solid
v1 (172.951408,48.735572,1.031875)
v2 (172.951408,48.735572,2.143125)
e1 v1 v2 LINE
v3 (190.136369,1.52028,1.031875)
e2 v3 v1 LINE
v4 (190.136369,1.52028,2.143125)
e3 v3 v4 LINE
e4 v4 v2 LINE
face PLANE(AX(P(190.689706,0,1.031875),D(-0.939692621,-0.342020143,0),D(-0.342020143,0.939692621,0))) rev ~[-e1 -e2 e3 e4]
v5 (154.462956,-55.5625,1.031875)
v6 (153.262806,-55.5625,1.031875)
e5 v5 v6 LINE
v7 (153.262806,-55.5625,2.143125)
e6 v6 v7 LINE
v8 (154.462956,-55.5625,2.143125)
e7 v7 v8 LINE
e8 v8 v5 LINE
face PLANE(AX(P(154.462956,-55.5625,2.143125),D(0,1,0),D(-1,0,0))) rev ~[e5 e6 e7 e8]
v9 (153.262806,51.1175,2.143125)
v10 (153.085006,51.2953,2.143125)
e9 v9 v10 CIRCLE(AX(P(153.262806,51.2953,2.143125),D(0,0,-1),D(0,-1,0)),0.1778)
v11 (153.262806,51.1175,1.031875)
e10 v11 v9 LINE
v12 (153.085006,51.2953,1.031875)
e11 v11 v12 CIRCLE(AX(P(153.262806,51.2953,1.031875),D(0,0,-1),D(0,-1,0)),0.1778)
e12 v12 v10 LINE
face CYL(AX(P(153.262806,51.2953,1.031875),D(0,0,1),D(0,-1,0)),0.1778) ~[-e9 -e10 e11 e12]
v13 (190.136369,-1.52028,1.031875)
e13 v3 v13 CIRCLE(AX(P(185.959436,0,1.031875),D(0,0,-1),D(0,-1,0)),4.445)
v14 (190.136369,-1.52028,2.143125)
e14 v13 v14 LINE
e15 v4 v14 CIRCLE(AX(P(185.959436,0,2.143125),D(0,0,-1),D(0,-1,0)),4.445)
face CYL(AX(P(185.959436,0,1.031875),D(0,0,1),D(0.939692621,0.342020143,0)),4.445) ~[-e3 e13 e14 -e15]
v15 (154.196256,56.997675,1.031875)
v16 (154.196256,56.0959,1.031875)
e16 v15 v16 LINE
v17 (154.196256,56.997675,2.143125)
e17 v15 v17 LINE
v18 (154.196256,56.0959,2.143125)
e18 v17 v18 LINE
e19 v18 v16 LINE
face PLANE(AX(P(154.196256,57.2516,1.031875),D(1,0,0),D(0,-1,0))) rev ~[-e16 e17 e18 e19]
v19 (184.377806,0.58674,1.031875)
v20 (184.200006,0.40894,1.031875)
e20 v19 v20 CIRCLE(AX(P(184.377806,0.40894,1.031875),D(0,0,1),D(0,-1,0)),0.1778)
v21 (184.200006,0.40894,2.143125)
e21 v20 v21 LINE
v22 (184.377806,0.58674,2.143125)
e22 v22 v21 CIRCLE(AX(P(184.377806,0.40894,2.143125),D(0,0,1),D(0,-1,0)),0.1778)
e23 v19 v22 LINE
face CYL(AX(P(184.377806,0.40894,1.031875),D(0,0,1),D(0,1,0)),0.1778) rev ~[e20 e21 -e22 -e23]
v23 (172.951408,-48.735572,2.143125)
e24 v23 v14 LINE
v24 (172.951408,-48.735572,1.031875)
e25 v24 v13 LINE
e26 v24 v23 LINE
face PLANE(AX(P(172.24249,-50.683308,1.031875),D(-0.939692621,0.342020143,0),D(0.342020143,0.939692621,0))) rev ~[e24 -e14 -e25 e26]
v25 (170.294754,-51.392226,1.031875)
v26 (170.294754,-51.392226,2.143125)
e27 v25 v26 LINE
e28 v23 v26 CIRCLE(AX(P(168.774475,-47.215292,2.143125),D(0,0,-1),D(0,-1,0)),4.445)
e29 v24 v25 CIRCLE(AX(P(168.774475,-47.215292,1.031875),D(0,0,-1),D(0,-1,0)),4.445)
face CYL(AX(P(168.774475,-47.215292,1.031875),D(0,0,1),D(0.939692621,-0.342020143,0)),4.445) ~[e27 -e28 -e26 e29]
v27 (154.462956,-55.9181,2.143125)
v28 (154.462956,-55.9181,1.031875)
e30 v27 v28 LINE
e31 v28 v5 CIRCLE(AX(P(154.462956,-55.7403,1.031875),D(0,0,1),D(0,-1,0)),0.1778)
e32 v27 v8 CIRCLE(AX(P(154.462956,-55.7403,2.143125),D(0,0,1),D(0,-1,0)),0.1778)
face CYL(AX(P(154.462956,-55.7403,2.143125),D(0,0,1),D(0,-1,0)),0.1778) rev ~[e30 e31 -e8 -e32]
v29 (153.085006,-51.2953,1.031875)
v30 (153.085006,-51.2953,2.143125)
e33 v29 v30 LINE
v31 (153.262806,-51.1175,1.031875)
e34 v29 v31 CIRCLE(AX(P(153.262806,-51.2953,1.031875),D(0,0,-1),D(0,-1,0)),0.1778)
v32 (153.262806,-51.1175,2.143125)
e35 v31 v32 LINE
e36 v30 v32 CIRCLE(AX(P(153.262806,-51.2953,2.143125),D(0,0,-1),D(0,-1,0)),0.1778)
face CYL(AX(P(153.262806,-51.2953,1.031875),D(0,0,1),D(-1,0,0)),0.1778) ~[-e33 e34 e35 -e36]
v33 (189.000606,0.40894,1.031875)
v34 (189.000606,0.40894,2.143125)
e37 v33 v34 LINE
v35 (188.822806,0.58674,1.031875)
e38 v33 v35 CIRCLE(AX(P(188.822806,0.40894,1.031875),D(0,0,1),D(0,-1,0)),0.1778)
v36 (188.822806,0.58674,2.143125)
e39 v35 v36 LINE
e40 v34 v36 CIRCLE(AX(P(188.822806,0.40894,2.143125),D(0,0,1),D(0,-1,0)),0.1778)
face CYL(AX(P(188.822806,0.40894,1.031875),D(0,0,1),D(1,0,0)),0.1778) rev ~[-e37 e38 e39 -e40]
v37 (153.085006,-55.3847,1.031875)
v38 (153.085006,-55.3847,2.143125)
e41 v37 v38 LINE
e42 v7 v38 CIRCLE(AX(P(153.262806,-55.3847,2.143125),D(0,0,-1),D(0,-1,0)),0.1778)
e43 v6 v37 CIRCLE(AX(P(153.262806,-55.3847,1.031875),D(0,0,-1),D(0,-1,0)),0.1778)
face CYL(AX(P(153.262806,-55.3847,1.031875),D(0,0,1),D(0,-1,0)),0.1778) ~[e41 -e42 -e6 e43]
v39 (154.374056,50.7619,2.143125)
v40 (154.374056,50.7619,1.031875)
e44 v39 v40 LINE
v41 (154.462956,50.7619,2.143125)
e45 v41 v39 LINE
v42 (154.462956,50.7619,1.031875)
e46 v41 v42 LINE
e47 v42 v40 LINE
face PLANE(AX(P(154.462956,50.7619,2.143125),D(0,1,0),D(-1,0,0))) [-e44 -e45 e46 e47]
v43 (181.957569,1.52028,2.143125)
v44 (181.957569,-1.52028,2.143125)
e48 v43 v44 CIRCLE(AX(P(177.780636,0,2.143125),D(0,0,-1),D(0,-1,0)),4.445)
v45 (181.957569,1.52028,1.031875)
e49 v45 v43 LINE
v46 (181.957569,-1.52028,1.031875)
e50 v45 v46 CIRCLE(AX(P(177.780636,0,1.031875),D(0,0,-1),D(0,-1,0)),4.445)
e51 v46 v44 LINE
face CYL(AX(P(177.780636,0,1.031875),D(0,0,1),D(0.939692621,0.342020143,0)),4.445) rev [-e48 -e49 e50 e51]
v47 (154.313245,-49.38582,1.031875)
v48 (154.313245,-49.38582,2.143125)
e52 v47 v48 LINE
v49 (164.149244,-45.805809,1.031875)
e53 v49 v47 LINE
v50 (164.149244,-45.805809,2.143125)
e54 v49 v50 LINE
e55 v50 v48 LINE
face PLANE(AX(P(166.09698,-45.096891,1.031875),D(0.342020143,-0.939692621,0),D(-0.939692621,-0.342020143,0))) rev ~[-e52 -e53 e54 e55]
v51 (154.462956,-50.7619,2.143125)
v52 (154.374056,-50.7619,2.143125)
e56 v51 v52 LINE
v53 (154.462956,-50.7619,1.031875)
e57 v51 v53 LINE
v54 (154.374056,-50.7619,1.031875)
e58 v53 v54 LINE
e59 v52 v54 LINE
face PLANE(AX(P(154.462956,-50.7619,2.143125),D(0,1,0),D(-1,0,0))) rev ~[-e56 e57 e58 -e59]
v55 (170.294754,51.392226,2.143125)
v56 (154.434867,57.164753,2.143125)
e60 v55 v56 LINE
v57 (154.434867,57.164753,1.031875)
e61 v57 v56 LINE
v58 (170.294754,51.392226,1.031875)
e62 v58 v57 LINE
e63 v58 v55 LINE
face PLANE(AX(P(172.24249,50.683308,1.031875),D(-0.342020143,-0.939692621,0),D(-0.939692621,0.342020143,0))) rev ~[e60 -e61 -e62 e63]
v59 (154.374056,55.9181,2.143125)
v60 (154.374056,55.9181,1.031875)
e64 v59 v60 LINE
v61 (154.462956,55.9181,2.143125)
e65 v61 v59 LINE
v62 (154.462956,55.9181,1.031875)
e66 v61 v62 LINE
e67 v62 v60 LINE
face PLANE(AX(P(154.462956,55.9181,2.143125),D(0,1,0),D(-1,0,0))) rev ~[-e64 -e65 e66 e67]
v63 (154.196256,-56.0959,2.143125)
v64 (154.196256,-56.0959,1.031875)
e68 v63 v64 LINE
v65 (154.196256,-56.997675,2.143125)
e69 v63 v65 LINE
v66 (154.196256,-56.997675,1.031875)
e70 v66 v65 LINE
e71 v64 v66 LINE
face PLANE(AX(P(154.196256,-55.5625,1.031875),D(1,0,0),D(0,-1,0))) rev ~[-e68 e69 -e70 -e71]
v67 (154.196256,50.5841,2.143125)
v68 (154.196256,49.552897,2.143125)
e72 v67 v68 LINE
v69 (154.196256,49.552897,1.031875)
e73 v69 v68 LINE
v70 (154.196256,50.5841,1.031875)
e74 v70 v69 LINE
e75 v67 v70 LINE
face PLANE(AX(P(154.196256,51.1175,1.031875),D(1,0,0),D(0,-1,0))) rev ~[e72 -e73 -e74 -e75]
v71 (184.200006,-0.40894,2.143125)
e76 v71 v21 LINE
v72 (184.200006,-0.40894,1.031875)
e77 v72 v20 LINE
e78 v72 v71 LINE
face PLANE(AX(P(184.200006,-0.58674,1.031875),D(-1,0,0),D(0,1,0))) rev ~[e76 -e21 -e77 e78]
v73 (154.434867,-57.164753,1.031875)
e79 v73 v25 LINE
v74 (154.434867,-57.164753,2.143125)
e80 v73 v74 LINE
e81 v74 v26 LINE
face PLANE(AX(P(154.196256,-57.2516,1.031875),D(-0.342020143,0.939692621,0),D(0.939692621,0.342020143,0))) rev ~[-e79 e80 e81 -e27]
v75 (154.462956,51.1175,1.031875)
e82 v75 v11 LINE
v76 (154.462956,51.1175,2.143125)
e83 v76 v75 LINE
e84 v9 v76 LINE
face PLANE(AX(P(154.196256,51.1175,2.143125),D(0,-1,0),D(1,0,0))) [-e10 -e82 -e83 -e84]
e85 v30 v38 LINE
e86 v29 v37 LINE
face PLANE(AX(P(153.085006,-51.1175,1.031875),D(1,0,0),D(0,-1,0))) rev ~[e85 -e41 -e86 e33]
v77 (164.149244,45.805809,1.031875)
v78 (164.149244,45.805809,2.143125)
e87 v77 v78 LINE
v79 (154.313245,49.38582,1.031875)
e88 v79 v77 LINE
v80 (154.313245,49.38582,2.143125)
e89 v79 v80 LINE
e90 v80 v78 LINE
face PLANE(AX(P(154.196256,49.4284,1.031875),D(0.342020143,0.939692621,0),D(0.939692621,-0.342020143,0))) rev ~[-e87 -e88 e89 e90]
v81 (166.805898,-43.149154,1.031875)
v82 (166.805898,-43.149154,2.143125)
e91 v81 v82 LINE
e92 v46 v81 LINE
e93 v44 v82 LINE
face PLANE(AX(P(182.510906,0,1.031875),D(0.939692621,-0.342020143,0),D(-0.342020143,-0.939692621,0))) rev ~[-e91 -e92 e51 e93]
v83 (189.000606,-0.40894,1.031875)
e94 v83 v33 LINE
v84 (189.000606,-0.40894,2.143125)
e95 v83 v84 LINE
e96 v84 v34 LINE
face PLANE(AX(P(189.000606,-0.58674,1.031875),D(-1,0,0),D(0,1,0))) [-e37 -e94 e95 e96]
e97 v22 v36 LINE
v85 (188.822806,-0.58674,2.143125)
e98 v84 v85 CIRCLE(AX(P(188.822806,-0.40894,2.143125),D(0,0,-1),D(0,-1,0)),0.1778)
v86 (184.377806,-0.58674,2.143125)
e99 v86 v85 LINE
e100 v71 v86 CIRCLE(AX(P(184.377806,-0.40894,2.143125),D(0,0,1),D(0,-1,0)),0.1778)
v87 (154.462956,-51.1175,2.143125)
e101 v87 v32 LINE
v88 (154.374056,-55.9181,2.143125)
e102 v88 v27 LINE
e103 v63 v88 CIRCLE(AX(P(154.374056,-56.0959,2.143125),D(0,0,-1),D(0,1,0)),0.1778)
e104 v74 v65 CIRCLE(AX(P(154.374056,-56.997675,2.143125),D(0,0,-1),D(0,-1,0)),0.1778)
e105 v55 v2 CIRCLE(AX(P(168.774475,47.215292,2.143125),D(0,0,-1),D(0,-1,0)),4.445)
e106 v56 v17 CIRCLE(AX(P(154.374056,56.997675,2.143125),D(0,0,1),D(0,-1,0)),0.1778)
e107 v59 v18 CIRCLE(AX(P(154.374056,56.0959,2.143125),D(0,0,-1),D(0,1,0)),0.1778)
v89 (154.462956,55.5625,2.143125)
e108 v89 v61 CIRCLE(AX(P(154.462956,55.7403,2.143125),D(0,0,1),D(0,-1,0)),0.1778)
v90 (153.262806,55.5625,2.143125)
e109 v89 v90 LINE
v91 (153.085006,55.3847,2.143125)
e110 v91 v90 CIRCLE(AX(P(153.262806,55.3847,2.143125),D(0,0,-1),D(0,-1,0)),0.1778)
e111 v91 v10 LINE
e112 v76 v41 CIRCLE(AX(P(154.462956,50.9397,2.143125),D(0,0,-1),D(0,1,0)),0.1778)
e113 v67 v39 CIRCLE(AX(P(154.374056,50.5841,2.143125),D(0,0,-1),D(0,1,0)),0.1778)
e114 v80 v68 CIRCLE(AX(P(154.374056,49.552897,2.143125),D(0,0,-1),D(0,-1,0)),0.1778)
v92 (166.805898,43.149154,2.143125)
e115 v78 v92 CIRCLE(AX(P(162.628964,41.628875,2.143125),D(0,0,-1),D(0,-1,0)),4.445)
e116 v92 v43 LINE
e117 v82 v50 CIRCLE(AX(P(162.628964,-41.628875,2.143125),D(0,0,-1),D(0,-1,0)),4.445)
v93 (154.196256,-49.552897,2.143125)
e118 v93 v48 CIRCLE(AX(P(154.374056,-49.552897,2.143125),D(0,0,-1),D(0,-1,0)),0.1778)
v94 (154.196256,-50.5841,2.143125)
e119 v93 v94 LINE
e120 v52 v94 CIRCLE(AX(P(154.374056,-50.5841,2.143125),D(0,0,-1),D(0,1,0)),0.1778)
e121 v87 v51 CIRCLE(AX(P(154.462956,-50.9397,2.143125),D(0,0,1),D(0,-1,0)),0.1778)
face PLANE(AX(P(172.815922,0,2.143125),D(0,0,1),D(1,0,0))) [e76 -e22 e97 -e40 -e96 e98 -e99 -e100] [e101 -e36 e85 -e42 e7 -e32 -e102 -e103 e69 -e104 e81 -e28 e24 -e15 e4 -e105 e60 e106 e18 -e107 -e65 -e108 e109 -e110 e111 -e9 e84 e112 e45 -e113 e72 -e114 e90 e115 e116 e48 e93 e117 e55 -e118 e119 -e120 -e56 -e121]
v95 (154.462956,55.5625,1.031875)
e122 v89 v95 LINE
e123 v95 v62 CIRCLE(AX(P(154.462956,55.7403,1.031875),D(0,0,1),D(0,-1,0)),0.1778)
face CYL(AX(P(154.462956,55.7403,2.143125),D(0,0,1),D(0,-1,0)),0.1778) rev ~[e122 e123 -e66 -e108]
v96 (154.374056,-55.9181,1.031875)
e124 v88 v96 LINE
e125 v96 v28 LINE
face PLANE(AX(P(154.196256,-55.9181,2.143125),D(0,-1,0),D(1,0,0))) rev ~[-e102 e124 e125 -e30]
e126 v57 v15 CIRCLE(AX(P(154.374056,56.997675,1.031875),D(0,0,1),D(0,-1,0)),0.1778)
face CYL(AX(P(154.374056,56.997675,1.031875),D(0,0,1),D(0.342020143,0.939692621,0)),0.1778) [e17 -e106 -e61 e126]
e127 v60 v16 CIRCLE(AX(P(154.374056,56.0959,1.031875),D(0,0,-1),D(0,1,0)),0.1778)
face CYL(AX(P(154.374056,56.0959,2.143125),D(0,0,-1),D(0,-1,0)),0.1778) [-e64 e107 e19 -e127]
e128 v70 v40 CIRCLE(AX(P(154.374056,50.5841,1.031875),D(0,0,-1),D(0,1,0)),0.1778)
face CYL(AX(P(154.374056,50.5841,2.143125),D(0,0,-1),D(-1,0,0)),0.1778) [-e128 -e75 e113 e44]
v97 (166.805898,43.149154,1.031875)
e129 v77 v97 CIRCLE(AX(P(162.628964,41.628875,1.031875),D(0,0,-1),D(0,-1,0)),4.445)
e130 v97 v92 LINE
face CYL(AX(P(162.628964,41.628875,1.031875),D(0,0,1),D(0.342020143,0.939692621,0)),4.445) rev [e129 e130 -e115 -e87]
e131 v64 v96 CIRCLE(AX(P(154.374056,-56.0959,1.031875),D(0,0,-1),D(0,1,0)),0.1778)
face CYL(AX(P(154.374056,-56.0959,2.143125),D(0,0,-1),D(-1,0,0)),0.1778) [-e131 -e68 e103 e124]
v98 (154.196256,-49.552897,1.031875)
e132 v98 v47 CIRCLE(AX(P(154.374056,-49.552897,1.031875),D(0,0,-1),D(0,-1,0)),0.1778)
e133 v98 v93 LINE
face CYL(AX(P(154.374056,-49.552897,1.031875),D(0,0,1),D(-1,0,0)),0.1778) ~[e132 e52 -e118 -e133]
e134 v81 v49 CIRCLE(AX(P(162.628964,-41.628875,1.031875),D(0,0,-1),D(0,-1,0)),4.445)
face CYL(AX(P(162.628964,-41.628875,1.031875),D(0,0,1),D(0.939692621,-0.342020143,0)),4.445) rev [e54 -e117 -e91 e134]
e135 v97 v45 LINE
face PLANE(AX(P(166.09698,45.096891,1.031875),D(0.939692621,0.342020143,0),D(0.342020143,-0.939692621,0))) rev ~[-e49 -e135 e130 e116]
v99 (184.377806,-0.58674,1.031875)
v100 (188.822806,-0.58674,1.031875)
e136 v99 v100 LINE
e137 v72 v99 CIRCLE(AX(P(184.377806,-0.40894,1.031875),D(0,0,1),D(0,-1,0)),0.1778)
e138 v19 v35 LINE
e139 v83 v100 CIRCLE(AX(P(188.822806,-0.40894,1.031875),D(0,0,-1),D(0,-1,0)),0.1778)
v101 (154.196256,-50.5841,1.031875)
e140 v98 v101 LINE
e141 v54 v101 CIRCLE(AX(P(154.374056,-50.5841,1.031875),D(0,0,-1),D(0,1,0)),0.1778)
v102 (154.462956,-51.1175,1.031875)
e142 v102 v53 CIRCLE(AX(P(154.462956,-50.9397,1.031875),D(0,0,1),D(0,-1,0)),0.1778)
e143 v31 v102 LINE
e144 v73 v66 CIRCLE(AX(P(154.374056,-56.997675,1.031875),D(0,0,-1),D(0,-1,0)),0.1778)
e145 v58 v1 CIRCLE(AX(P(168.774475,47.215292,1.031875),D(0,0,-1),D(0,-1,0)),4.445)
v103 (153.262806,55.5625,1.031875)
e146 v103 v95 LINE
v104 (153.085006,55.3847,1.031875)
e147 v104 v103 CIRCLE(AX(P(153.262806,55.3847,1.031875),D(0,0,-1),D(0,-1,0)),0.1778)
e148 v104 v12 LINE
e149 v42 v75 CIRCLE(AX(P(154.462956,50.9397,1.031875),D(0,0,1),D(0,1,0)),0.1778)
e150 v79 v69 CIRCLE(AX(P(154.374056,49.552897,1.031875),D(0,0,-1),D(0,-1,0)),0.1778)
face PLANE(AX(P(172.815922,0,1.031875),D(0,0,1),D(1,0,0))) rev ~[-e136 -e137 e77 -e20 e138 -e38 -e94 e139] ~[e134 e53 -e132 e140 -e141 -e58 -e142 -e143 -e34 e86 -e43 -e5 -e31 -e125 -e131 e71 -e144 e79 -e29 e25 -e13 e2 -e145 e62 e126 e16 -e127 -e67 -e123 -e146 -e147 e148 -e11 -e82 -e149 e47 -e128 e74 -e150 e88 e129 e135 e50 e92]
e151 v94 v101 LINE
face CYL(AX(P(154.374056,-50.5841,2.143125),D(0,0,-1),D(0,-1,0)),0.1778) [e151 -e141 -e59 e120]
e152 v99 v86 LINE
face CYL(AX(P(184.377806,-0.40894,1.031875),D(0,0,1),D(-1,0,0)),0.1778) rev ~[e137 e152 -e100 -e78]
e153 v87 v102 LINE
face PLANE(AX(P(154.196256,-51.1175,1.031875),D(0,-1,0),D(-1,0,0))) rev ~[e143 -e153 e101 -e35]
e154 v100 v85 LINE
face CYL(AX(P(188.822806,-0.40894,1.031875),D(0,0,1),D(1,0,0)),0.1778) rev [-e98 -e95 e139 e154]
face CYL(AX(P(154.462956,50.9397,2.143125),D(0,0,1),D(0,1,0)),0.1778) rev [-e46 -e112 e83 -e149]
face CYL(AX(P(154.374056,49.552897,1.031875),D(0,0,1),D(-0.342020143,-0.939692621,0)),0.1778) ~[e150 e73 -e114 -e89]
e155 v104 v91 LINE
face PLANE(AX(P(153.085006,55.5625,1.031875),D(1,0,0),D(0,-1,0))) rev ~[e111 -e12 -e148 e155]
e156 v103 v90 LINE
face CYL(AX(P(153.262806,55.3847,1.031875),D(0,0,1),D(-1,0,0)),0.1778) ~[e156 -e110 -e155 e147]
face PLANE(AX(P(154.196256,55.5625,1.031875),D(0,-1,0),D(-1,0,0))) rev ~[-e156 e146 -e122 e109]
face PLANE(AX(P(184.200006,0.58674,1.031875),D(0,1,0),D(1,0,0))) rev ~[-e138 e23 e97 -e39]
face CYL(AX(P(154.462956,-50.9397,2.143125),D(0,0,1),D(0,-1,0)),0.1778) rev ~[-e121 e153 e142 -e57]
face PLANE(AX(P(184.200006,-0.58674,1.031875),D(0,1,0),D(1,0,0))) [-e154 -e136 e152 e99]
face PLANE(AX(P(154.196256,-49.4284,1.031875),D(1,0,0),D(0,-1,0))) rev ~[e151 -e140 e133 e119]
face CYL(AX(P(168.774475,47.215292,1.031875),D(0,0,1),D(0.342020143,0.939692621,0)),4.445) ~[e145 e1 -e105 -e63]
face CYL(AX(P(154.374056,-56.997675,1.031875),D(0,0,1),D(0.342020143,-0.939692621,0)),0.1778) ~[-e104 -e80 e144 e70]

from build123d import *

# Parameters (mm, degrees)
SKETCH1_W           = 13.716
SKETCH1_H           = 3.3528
BOSS_EXTRUDE1_DEPTH = 3.175
FILLET1_R           = 12.7
CUT_EXTRUDE1_DEPTH  = 4.175
FILLET2_R           = 0.508
SCALE1_SCALE        = 0.35


with BuildPart() as part:
    # Sketch1 → Boss-Extrude1 (new body)
    with BuildSketch(Plane.XY):
        Polygon((114.3, 158.75), (114.3, 146.05), (117.475, 146.05), (117.475, 141.224), (151.477068993, 128.848258983), (198.374, 0), (151.477068993, -128.848258983), (117.475, -141.224), (117.475, -146.05), (114.3, -146.05), (114.3, -158.75), (117.475, -158.75), (117.475, -163.576), (169.035670284, -144.809450758), (221.742, 0), (169.035670284, 144.809450758), (117.475, 163.576), (117.475, 158.75), align=None)
        with Locations((210.058, 0)):
            Rectangle(SKETCH1_W, SKETCH1_H, mode=Mode.SUBTRACT)
    extrude(amount=BOSS_EXTRUDE1_DEPTH)

    # Fillet1
    fillet1_edges = [part.edges().sort_by_distance(p)[0] for p in [
        (169.035670284, 144.809450758, 1.5875),
        (221.742, 0, 1.5875),
        (169.035670284, -144.809450758, 1.5875),
        (151.477068993, -128.848258983, 1.5875),
        (198.374, 0, 1.5875),
        (151.477068993, 128.848258983, 1.5875),
    ]]
    fillet(fillet1_edges, radius=FILLET1_R)

    # Sketch2 → Cut-Extrude1 (cut, through all)
    with BuildSketch(Plane.XY.offset(3.175)):
        with BuildLine():
            Line((117.475, 146.05), (118.237, 146.05))
            ThreePointArc((118.237, 146.05), (118.745, 145.542), (118.237, 145.034))
            Line((118.237, 145.034), (117.475, 145.034))
            Line((117.475, 145.034), (117.475, 146.05))
        make_face()
        with BuildLine():
            Line((117.475, 158.75), (118.237, 158.75))
            ThreePointArc((118.237, 158.75), (118.745, 159.258), (118.237, 159.766))
            Line((118.237, 159.766), (117.475, 159.766))
            Line((117.475, 159.766), (117.475, 158.75))
        make_face()
        with BuildLine():
            Line((117.475, -145.034), (117.475, -146.05))
            Line((117.475, -146.05), (118.237, -146.05))
            ThreePointArc((118.237, -146.05), (118.745, -145.542), (118.237, -145.034))
            Line((118.237, -145.034), (117.475, -145.034))
        make_face()
        with BuildLine():
            Line((117.475, -158.75), (117.475, -159.766))
            Line((117.475, -159.766), (118.237, -159.766))
            ThreePointArc((118.237, -159.766), (118.745, -159.258), (118.237, -158.75))
            Line((118.237, -158.75), (117.475, -158.75))
        make_face()
    extrude(amount=-CUT_EXTRUDE1_DEPTH, mode=Mode.SUBTRACT)

    # Fillet2
    fillet2_edges = [part.edges().sort_by_distance(p)[0] for p in [
        (117.475, 163.576, 1.5875),
        (117.475, -163.576, 1.5875),
        (114.3, -158.75, 1.5875),
        (114.3, -146.05, 1.5875),
        (117.475, -141.224, 1.5875),
        (117.475, 141.224, 1.5875),
        (114.3, 146.05, 1.5875),
        (114.3, 158.75, 1.5875),
        (117.475, 159.766, 1.5875),
        (117.475, -159.766, 1.5875),
        (117.475, -145.034, 1.5875),
        (117.475, 145.034, 1.5875),
        (203.2, 1.6764, 1.5875),
        (203.2, -1.6764, 1.5875),
        (216.916, -1.6764, 1.5875),
        (216.916, 1.6764, 1.5875),
    ]]
    fillet(fillet2_edges, radius=FILLET2_R)


with BuildPart() as part_1:
    # Scale1: scaled about (173.96923979, 0, 1.5875)
    add(part.part.scale(SCALE1_SCALE).moved(Location((113.080005863, 0, 1.031875))))


solid = part_1.part
